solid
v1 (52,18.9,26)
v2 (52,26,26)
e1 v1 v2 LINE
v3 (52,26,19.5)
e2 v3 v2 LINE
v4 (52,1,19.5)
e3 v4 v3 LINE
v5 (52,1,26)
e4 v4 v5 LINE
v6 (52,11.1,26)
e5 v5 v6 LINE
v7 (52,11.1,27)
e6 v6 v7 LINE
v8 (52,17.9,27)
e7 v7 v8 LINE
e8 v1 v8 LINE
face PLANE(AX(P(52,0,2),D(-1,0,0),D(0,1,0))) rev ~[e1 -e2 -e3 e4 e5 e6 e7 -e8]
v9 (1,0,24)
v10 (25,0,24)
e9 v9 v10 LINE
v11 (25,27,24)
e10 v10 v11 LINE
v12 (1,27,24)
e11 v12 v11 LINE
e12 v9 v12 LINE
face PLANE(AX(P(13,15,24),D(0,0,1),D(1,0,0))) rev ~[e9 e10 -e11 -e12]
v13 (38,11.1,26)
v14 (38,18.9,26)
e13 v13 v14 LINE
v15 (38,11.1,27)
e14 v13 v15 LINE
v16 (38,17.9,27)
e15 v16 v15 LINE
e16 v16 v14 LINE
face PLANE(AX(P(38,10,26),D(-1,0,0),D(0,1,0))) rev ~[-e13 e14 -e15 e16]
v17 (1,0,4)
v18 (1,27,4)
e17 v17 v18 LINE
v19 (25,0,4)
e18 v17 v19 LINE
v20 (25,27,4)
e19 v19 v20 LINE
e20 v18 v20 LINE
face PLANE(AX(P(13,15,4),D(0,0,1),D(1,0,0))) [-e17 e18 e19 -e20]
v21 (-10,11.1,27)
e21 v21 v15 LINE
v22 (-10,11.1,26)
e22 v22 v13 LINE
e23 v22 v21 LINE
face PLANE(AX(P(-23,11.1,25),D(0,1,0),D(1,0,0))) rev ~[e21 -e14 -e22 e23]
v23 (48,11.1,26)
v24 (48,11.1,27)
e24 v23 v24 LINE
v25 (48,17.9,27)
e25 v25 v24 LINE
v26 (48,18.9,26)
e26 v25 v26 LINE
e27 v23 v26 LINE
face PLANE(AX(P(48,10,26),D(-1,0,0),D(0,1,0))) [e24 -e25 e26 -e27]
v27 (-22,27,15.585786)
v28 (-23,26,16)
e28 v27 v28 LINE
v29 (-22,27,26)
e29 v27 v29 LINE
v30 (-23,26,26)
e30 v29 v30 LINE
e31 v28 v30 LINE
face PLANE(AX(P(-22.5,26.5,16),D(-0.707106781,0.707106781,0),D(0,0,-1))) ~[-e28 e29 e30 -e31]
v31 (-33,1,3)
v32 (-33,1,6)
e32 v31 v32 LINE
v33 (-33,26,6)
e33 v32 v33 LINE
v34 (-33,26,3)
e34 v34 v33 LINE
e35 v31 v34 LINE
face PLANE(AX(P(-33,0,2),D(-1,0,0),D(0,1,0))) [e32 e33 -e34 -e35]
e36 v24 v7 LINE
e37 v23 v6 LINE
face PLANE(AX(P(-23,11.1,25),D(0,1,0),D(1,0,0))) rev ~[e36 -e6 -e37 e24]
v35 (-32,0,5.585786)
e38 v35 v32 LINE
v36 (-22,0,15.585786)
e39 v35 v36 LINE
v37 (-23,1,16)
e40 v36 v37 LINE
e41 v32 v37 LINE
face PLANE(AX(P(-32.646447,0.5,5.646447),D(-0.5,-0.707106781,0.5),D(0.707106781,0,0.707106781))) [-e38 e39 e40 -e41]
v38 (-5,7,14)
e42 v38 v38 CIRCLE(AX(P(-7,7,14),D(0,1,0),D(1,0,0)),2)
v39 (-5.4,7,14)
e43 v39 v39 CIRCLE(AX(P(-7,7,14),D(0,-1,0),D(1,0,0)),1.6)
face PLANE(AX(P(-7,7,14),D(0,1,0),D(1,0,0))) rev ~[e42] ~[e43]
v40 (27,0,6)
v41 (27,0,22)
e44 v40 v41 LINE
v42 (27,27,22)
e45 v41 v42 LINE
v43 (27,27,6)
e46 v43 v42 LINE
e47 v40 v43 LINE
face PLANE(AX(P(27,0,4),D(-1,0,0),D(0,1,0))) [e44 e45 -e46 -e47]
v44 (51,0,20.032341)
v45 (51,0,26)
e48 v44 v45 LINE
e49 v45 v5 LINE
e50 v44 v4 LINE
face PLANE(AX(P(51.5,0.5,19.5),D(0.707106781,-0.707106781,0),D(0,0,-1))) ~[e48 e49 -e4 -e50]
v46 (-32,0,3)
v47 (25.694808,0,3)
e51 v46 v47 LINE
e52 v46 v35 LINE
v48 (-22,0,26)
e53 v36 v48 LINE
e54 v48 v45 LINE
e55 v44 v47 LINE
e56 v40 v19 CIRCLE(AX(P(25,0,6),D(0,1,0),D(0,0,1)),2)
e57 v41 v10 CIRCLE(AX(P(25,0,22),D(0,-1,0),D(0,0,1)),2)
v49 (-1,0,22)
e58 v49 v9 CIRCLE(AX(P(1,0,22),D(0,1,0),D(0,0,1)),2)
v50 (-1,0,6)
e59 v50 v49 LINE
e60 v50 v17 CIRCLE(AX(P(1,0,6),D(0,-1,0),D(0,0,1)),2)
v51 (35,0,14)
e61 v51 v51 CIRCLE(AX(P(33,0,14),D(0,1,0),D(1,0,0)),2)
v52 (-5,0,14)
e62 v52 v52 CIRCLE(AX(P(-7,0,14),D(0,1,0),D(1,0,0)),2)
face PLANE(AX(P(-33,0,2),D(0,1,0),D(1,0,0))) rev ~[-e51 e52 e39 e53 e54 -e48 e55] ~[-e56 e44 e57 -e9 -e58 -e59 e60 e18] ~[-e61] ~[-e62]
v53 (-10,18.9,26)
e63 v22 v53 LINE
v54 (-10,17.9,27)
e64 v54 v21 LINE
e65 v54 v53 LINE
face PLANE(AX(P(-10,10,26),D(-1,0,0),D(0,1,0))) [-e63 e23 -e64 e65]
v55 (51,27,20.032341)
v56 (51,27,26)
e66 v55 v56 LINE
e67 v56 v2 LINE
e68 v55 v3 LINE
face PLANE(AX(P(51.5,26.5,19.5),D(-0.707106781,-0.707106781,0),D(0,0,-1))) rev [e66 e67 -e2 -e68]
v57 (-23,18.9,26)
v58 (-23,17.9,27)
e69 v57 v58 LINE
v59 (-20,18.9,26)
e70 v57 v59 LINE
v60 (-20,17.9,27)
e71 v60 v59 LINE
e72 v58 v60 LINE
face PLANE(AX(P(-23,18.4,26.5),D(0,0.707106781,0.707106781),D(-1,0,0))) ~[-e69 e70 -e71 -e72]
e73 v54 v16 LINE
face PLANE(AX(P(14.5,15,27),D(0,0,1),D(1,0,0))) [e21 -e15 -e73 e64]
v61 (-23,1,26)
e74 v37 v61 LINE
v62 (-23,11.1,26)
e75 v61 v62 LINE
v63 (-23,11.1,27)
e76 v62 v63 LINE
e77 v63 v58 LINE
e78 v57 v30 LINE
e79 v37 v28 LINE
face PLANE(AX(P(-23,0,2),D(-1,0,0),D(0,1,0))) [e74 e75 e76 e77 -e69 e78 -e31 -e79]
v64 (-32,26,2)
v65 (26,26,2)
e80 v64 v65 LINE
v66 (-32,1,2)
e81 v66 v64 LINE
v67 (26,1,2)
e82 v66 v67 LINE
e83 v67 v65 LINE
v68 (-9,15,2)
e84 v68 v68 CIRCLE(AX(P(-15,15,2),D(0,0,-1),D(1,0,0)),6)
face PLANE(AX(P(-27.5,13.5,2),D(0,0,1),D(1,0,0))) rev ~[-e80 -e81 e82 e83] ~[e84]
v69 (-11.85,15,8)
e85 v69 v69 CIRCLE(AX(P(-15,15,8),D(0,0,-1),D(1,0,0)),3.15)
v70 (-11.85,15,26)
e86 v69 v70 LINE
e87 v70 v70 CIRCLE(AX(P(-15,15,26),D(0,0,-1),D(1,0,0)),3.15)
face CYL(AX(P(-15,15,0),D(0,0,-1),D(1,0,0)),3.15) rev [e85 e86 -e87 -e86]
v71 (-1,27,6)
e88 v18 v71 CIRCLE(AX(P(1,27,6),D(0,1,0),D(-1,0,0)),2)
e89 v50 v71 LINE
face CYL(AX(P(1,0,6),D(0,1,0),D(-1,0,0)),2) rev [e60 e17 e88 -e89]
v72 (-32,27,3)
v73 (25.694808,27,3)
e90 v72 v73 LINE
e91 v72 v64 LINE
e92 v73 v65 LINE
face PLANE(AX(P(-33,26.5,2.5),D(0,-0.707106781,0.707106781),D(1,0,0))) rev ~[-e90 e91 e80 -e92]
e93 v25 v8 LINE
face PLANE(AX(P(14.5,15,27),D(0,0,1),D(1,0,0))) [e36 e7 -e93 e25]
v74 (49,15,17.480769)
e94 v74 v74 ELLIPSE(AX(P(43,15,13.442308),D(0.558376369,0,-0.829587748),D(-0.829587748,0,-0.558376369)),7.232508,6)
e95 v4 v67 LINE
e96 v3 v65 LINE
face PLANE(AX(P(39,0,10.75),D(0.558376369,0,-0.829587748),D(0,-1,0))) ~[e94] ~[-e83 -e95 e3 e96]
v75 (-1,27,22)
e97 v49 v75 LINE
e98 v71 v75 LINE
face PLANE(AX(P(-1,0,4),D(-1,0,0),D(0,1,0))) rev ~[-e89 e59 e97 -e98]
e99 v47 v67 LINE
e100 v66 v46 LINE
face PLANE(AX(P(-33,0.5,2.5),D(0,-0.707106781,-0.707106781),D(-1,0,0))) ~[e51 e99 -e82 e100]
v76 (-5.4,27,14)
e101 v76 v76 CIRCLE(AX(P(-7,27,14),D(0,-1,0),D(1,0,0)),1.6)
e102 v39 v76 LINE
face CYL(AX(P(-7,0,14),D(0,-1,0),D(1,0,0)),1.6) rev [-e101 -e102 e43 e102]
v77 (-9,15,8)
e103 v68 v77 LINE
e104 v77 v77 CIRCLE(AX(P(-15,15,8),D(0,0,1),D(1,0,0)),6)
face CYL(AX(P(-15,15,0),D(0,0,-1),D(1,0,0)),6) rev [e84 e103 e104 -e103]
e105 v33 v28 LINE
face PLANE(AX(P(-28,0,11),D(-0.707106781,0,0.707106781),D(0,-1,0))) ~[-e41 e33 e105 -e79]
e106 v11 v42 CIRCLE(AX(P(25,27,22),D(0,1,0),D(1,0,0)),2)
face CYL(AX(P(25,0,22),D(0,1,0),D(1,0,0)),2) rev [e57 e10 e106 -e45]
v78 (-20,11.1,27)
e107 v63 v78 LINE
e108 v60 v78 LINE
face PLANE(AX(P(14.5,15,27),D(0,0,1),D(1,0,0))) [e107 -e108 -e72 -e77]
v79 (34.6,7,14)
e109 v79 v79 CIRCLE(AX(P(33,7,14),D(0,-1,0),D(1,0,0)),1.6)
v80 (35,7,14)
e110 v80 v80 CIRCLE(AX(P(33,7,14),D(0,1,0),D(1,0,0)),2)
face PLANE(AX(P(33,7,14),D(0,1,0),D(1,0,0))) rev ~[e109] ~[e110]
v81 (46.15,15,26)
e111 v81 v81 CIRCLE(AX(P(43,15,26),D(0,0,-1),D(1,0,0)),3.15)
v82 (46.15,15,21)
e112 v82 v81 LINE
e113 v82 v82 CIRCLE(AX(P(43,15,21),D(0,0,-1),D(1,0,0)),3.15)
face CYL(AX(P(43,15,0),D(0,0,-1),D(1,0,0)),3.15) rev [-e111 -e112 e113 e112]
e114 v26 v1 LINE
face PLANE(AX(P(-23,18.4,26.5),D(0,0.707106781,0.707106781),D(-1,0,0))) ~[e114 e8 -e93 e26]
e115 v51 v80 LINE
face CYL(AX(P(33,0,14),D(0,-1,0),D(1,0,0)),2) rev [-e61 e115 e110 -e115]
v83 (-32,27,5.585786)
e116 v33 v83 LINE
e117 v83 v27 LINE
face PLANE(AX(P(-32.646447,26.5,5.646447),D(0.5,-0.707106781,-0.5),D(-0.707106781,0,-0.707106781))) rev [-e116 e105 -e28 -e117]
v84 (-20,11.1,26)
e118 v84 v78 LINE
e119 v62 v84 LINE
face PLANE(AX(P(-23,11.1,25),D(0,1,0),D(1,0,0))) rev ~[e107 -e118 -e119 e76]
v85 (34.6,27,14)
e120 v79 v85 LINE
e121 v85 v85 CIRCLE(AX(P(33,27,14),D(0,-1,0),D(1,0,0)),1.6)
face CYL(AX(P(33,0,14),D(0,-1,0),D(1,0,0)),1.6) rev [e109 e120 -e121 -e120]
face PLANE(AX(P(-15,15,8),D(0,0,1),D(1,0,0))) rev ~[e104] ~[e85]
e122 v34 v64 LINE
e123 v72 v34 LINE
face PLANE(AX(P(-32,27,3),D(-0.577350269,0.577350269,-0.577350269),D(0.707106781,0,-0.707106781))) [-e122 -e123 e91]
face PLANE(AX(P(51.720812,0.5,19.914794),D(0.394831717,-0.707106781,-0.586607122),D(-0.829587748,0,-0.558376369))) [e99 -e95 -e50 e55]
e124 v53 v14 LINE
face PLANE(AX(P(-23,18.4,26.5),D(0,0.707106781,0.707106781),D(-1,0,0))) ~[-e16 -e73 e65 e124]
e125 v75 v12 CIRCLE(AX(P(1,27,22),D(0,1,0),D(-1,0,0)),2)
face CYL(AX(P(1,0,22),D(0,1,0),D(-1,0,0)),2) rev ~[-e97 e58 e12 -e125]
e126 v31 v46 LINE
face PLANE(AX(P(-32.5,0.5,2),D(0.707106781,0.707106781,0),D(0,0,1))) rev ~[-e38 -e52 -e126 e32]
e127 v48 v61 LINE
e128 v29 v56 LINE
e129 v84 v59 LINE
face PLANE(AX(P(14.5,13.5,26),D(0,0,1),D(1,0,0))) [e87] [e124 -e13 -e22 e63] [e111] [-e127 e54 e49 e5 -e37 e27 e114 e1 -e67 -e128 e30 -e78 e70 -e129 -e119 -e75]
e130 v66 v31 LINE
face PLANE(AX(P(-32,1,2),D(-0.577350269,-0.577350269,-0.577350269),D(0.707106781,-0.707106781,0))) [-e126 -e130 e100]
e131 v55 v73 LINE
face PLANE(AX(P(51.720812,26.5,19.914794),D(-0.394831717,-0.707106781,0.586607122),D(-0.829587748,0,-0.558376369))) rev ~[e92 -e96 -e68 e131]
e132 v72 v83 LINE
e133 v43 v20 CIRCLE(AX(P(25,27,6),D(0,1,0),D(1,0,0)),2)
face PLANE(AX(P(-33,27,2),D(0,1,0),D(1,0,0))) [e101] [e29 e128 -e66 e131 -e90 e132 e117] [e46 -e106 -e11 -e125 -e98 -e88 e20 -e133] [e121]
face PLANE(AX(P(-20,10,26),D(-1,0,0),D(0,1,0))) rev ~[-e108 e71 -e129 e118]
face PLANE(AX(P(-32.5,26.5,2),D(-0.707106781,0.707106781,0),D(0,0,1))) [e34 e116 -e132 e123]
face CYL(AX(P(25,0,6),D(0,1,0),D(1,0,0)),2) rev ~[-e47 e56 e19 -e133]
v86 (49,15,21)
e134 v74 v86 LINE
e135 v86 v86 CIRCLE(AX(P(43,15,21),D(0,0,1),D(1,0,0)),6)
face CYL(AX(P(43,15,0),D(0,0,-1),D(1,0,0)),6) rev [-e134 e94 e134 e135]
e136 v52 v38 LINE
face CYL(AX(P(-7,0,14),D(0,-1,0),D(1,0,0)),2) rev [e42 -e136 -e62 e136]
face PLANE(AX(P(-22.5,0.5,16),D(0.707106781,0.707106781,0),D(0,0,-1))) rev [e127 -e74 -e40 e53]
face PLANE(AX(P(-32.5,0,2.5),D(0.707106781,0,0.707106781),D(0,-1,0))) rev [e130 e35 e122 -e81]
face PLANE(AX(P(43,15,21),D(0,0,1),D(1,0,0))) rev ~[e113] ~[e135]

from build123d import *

# Parameters (mm, degrees)
BOX007_W          = 10
BOX007_H          = 10
BOX007_DEPTH      = 10
BOX008_W          = 10
BOX008_H          = 10
BOX008_DEPTH      = 10
CYLINDER003_R     = 1.6
CYLINDER003_DEPTH = 30
CYLINDER002_R     = 1.6
CYLINDER002_DEPTH = 30
CYLINDER001_R     = 2
CYLINDER001_DEPTH = 7
CYLINDER_R        = 2
CYLINDER_DEPTH    = 7
BOX_W             = 28
BOX_H             = 30
BOX_DEPTH         = 20
FILLET_R          = 2
CYLINDER005_R     = 3.15
CYLINDER005_DEPTH = 30
CYLINDER004_R     = 6
CYLINDER004_DEPTH = 8
CYLINDER007_R     = 6
CYLINDER007_DEPTH = 21
CYLINDER006_R     = 3.15
CYLINDER006_DEPTH = 30
BOX003_W          = 75
BOX003_H          = 27
BOX003_DEPTH      = 24
CHAMFER002_SIZE2  = 26
CHAMFER002_SIZE   = 17.5
BOX004_W          = 11
BOX004_H          = 27
BOX004_DEPTH      = 14
CHAMFER_SIZE      = 10
BOX005_W          = 75
BOX005_H          = 7.8
BOX005_DEPTH      = 2
CHAMFER003_SIZE   = 1
CHAMFER004_SIZE   = 1


with BuildPart() as cube007:
    # Box007 → Box007 (new body)
    with BuildSketch(Plane(origin=(-20, 10, 26), x_dir=(1, 0, 0), z_dir=(0, 0, 1))):
        with Locations((5, 5)):
            Rectangle(BOX007_W, BOX007_H)
    extrude(amount=BOX007_DEPTH)


with BuildPart() as fusion002011:
    # Box008 → Box008 (new body)
    with BuildSketch(Plane(origin=(38, 10, 26), x_dir=(1, 0, 0), z_dir=(0, 0, 1))):
        with Locations((5, 5)):
            Rectangle(BOX008_W, BOX008_H)
    extrude(amount=BOX008_DEPTH)

    # Fusion002011: union Cube007
    add(cube007.part)


with BuildPart() as cylinder003:
    # Cylinder003 → Cylinder003 (new body)
    with BuildSketch(Plane(origin=(-20, 0, 17), x_dir=(1, 0, 0), z_dir=(0, 1, 0))):
        Circle(CYLINDER003_R)
    extrude(amount=CYLINDER003_DEPTH)


with BuildPart() as cylinder002:
    # Cylinder002 → Cylinder002 (new body)
    with BuildSketch(Plane(origin=(20, 0, 17), x_dir=(1, 0, 0), z_dir=(0, 1, 0))):
        Circle(CYLINDER002_R)
    extrude(amount=CYLINDER002_DEPTH)


with BuildPart() as cylinder001:
    # Cylinder001 → Cylinder001 (new body)
    with BuildSketch(Plane(origin=(20, 0, 17), x_dir=(1, 0, 0), z_dir=(0, 1, 0))):
        Circle(CYLINDER001_R)
    extrude(amount=CYLINDER001_DEPTH)


with BuildPart() as cylinder:
    # Cylinder → Cylinder (new body)
    with BuildSketch(Plane(origin=(-20, 0, 17), x_dir=(1, 0, 0), z_dir=(0, 1, 0))):
        Circle(CYLINDER_R)
    extrude(amount=CYLINDER_DEPTH)


with BuildPart() as plug_slot:
    # Box → Box (new body)
    with BuildSketch(Plane(origin=(-14, 0, 7), x_dir=(1, 0, 0), z_dir=(0, 0, 1))):
        with Locations((14, 15)):
            Rectangle(BOX_W, BOX_H)
    extrude(amount=BOX_DEPTH)

    # Fillet
    fillet_edges = [plug_slot.edges().sort_by_distance(p)[0] for p in [
        (-14, 15, 27),
        (-14, 15, 7),
        (14, 15, 27),
        (14, 15, 7),
    ]]
    fillet(fillet_edges, radius=FILLET_R)

    # Fusion: union Cylinder003, Cylinder002, Cylinder001, Cylinder
    add(cylinder003.part)
    add(cylinder002.part)
    add(cylinder001.part)
    add(cylinder.part)


with BuildPart() as plug_slot_1:
    # Fusion placement: moved
    add(plug_slot.part.moved(Location((13, 0, -3))))


with BuildPart() as cylinder005:
    # Cylinder005 → Cylinder005 (new body)
    with BuildSketch(Plane(origin=(0, 15, 0), x_dir=(1, 0, 0), z_dir=(0, 0, 1))):
        Circle(CYLINDER005_R)
    extrude(amount=CYLINDER005_DEPTH)


with BuildPart() as fusion002009:
    # Cylinder004 → Cylinder004 (new body)
    with BuildSketch(Plane(origin=(0, 15, 0), x_dir=(1, 0, 0), z_dir=(0, 0, 1))):
        Circle(CYLINDER004_R)
    extrude(amount=CYLINDER004_DEPTH)

    # Fusion002009: union Cylinder005
    add(cylinder005.part)


with BuildPart() as fusion002009_1:
    # Fusion002009 placement: moved
    add(fusion002009.part.moved(Location((-15, 0, 0))))


with BuildPart() as cylinder007:
    # Cylinder007 → Cylinder007 (new body)
    with BuildSketch(Plane(origin=(43, 15, 0), x_dir=(1, 0, 0), z_dir=(0, 0, 1))):
        Circle(CYLINDER007_R)
    extrude(amount=CYLINDER007_DEPTH)


with BuildPart() as fusion002010:
    # Cylinder006 → Cylinder006 (new body)
    with BuildSketch(Plane(origin=(43, 15, 0), x_dir=(1, 0, 0), z_dir=(0, 0, 1))):
        Circle(CYLINDER006_R)
    extrude(amount=CYLINDER006_DEPTH)

    # Fusion002005: union Cylinder007
    add(cylinder007.part)

    # Fusion002010: union Fusion002009
    add(fusion002009_1.part)


with BuildPart() as chamfer002:
    # Box003 → Box003 (new body)
    with BuildSketch(Plane(origin=(-23, 0, 2), x_dir=(1, 0, 0), z_dir=(0, 0, 1))):
        with Locations((37.5, 13.5)):
            Rectangle(BOX003_W, BOX003_H)
    extrude(amount=BOX003_DEPTH)

    # Chamfer002
    chamfer002_edges = [chamfer002.edges().sort_by_distance(p)[0] for p in [
        (52, 13.5, 2),
    ]]
    chamfer002_side = chamfer002.faces().sort_by_distance((52, 13.5, 14))[0]
    chamfer(chamfer002_edges, length=CHAMFER002_SIZE, length2=CHAMFER002_SIZE2, reference=chamfer002_side)


with BuildPart() as chamfer_body:
    # Box004 → Box004 (new body)
    with BuildSketch(Plane(origin=(-33, 0, 2), x_dir=(1, 0, 0), z_dir=(0, 0, 1))):
        with Locations((5.5, 13.5)):
            Rectangle(BOX004_W, BOX004_H)
    extrude(amount=BOX004_DEPTH)

    # Chamfer
    chamfer_edges = [chamfer_body.edges().sort_by_distance(p)[0] for p in [
        (-33, 13.5, 16),
    ]]
    chamfer(chamfer_edges, length=CHAMFER_SIZE)


with BuildPart() as cut008004003004014002002008002001:
    # Box005 → Box005 (new body)
    with BuildSketch(Plane(origin=(-23, 11.1, 25), x_dir=(1, 0, 0), z_dir=(0, 0, 1))):
        with Locations((37.5, 3.9)):
            Rectangle(BOX005_W, BOX005_H)
    extrude(amount=BOX005_DEPTH)

    # Chamfer003
    chamfer003_edges = [cut008004003004014002002008002001.edges().sort_by_distance(p)[0] for p in [
        (14.5, 18.9, 27),
    ]]
    chamfer(chamfer003_edges, length=CHAMFER003_SIZE)

    # Fusion002008: union Chamfer002, Chamfer body
    add(chamfer002.part)
    add(chamfer_body.part)

    # Cut: cut Fusion002010
    add(fusion002010.part, mode=Mode.SUBTRACT)

    # Cut008004003004014002002008: cut plug-slot
    add(plug_slot_1.part, mode=Mode.SUBTRACT)

    # Chamfer004
    chamfer004_edges = [cut008004003004014002002008002001.edges().sort_by_distance(p)[0] for p in [
        (39, 0, 10.75),
        (39, 27, 10.75),
        (-23, 27, 21),
        (-23, 0, 21),
        (-28, 0, 11),
        (-28, 27, 11),
        (-33, 0, 4),
        (-33, 13.5, 2),
        (-33, 27, 4),
        (52, 0, 22.75),
        (52, 27, 22.75),
        (-3.5, 27, 2),
        (-3.5, 0, 2),
    ]]
    chamfer(chamfer004_edges, length=CHAMFER004_SIZE)

    # Cut008004003004014002002008002: cut Fusion002011
    add(fusion002011.part, mode=Mode.SUBTRACT)


solid = cut008004003004014002002008002001.part
